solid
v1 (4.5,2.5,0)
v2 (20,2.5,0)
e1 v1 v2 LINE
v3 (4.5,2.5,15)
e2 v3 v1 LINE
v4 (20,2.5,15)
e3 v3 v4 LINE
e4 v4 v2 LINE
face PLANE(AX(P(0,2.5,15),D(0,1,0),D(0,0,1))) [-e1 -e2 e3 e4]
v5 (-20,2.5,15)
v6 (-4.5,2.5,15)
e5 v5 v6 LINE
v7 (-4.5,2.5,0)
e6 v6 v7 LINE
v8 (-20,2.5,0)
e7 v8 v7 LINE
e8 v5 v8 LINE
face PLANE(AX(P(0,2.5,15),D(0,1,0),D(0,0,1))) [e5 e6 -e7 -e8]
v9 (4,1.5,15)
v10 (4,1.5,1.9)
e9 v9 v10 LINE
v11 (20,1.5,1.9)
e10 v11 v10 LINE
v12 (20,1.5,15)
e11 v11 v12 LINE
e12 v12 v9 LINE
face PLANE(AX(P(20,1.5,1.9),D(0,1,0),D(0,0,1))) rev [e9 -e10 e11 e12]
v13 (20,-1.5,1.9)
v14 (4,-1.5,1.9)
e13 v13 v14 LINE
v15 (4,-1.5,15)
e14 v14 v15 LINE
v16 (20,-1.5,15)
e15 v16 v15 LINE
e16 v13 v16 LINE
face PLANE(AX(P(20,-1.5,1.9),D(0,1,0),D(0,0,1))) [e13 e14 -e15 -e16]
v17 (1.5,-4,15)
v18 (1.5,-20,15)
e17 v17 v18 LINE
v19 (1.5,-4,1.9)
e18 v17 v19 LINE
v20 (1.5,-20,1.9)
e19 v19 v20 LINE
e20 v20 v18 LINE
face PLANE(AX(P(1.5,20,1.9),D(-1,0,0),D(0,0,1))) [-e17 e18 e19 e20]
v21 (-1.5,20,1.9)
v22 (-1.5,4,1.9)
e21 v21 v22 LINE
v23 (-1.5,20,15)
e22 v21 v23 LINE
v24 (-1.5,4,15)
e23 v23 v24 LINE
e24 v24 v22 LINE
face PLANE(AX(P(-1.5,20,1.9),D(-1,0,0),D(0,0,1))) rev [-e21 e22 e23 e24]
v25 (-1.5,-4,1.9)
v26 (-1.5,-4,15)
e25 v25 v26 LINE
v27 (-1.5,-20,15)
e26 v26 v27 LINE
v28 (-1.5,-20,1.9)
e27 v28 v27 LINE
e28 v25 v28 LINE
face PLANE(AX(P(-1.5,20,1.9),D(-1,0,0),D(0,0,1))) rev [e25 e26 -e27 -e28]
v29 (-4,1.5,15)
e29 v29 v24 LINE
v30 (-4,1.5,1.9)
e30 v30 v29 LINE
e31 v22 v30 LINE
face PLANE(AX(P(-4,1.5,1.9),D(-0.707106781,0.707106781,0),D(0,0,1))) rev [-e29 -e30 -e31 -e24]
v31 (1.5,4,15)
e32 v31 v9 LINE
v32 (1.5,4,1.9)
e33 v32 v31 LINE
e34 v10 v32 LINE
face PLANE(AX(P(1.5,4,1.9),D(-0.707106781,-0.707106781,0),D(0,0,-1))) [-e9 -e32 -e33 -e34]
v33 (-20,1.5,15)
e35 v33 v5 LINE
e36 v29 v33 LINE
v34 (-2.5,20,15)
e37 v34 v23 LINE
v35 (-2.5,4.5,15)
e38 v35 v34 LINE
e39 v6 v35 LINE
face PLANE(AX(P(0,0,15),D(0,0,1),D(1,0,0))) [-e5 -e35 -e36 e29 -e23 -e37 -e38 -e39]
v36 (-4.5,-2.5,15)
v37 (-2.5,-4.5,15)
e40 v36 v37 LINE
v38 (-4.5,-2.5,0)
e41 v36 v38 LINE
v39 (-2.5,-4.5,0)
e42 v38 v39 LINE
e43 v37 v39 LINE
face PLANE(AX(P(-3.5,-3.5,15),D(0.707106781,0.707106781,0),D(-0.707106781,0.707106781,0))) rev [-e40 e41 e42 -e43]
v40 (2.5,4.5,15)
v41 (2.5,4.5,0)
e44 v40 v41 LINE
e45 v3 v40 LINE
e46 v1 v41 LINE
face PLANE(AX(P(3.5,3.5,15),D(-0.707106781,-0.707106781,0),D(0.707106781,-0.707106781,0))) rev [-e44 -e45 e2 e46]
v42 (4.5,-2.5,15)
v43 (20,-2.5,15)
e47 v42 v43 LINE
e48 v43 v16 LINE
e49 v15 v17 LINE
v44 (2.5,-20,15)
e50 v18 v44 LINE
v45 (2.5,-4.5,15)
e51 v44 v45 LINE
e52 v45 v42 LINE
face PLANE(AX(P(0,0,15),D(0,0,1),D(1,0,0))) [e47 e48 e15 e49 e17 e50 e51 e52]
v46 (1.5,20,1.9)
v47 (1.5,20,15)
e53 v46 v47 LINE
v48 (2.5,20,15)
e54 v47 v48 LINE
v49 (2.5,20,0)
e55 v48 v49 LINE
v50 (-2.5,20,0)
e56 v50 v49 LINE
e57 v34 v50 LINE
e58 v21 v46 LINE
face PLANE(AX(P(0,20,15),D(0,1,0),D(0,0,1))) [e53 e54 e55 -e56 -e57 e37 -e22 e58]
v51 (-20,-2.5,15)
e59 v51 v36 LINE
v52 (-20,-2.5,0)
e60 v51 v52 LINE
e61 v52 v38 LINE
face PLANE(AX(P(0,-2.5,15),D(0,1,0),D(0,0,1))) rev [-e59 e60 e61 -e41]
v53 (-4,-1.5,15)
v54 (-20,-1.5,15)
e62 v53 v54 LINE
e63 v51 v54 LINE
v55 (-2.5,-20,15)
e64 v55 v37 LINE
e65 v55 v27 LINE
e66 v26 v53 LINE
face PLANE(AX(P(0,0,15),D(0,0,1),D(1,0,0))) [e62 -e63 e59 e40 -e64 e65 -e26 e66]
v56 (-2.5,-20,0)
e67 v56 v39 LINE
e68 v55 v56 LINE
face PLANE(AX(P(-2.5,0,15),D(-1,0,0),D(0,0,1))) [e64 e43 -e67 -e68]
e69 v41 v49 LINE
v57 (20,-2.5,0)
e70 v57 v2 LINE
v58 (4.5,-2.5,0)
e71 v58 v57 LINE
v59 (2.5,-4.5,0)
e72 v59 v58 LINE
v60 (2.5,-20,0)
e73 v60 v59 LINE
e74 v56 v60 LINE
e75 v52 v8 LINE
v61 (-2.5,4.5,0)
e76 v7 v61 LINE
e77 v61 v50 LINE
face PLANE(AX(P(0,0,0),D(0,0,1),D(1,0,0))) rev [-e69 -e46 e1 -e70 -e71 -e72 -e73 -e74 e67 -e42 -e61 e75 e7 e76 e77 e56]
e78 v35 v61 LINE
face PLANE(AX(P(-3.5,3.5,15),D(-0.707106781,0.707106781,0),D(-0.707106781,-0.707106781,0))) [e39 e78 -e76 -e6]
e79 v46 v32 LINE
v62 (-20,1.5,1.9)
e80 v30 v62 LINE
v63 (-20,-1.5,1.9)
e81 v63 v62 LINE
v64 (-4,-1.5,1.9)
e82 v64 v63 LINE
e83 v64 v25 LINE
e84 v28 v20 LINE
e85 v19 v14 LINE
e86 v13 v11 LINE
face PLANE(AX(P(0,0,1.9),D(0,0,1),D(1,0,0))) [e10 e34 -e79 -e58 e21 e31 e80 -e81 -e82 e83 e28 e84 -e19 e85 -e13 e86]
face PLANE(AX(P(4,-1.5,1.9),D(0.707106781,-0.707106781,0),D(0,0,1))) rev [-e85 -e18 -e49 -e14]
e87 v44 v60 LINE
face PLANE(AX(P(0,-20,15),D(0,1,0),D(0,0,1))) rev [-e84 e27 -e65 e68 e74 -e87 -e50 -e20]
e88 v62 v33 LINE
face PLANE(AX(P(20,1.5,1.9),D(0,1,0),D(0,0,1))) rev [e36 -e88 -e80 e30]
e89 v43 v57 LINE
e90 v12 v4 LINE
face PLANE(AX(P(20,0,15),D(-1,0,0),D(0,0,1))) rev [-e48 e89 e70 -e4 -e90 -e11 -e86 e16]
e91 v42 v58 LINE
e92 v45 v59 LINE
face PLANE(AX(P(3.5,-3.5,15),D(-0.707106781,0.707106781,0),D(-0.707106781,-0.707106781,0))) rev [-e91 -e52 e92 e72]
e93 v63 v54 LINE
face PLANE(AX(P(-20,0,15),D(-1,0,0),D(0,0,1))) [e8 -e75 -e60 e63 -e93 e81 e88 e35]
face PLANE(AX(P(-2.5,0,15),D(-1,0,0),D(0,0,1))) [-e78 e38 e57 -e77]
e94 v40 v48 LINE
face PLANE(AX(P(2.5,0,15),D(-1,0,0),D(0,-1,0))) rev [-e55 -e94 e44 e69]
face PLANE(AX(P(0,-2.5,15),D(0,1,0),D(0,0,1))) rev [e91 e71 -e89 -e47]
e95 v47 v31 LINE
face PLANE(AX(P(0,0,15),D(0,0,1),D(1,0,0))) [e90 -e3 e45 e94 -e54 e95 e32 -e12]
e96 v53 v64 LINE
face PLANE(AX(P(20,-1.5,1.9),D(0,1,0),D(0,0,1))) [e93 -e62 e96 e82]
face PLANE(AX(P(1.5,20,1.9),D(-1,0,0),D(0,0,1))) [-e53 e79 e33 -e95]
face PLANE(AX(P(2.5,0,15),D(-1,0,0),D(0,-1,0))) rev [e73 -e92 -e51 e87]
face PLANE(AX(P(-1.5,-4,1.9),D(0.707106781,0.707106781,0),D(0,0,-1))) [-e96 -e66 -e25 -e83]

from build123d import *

# Parameters (mm, degrees)
RESSALTO_EXTRUS_O1_DEPTH = 15
ESBO_O2_W                = 40
ESBO_O2_H                = 3
ESBO_O2_W_2              = 3
ESBO_O2_H_2              = 40
CORTE_EXTRUS_O1_DEPTH    = 13.1
CHANFRO2_SIZE            = 2.5


with BuildPart() as part:
    # Esboço1 → Ressalto-extrusão1 (new body)
    with BuildSketch(Plane.XY):
        Polygon((2.5, 4.5), (2.5, 20), (-2.5, 20), (-2.5, 4.5), (-4.5, 2.5), (-20, 2.5), (-20, -2.5), (-4.5, -2.5), (-2.5, -4.5), (-2.5, -20), (2.5, -20), (2.5, -4.5), (4.5, -2.5), (20, -2.5), (20, 2.5), (4.5, 2.5), align=None)
    extrude(amount=RESSALTO_EXTRUS_O1_DEPTH)

    # Esboço2 → Corte-extrusão1 (cut)
    with BuildSketch(Plane.XY.offset(15)):
        Rectangle(ESBO_O2_W, ESBO_O2_H)
        Rectangle(ESBO_O2_W_2, ESBO_O2_H_2)
    extrude(amount=-CORTE_EXTRUS_O1_DEPTH, mode=Mode.SUBTRACT)

    # Chanfro2
    chanfro2_edges = [part.edges().sort_by_distance(p)[0] for p in [
        (-1.5, -1.5, 8.45),
        (1.5, 1.5, 8.45),
        (-1.5, 1.5, 8.45),
        (1.5, -1.5, 8.45),
    ]]
    chamfer(chanfro2_edges, length=CHANFRO2_SIZE)


solid = part.part
